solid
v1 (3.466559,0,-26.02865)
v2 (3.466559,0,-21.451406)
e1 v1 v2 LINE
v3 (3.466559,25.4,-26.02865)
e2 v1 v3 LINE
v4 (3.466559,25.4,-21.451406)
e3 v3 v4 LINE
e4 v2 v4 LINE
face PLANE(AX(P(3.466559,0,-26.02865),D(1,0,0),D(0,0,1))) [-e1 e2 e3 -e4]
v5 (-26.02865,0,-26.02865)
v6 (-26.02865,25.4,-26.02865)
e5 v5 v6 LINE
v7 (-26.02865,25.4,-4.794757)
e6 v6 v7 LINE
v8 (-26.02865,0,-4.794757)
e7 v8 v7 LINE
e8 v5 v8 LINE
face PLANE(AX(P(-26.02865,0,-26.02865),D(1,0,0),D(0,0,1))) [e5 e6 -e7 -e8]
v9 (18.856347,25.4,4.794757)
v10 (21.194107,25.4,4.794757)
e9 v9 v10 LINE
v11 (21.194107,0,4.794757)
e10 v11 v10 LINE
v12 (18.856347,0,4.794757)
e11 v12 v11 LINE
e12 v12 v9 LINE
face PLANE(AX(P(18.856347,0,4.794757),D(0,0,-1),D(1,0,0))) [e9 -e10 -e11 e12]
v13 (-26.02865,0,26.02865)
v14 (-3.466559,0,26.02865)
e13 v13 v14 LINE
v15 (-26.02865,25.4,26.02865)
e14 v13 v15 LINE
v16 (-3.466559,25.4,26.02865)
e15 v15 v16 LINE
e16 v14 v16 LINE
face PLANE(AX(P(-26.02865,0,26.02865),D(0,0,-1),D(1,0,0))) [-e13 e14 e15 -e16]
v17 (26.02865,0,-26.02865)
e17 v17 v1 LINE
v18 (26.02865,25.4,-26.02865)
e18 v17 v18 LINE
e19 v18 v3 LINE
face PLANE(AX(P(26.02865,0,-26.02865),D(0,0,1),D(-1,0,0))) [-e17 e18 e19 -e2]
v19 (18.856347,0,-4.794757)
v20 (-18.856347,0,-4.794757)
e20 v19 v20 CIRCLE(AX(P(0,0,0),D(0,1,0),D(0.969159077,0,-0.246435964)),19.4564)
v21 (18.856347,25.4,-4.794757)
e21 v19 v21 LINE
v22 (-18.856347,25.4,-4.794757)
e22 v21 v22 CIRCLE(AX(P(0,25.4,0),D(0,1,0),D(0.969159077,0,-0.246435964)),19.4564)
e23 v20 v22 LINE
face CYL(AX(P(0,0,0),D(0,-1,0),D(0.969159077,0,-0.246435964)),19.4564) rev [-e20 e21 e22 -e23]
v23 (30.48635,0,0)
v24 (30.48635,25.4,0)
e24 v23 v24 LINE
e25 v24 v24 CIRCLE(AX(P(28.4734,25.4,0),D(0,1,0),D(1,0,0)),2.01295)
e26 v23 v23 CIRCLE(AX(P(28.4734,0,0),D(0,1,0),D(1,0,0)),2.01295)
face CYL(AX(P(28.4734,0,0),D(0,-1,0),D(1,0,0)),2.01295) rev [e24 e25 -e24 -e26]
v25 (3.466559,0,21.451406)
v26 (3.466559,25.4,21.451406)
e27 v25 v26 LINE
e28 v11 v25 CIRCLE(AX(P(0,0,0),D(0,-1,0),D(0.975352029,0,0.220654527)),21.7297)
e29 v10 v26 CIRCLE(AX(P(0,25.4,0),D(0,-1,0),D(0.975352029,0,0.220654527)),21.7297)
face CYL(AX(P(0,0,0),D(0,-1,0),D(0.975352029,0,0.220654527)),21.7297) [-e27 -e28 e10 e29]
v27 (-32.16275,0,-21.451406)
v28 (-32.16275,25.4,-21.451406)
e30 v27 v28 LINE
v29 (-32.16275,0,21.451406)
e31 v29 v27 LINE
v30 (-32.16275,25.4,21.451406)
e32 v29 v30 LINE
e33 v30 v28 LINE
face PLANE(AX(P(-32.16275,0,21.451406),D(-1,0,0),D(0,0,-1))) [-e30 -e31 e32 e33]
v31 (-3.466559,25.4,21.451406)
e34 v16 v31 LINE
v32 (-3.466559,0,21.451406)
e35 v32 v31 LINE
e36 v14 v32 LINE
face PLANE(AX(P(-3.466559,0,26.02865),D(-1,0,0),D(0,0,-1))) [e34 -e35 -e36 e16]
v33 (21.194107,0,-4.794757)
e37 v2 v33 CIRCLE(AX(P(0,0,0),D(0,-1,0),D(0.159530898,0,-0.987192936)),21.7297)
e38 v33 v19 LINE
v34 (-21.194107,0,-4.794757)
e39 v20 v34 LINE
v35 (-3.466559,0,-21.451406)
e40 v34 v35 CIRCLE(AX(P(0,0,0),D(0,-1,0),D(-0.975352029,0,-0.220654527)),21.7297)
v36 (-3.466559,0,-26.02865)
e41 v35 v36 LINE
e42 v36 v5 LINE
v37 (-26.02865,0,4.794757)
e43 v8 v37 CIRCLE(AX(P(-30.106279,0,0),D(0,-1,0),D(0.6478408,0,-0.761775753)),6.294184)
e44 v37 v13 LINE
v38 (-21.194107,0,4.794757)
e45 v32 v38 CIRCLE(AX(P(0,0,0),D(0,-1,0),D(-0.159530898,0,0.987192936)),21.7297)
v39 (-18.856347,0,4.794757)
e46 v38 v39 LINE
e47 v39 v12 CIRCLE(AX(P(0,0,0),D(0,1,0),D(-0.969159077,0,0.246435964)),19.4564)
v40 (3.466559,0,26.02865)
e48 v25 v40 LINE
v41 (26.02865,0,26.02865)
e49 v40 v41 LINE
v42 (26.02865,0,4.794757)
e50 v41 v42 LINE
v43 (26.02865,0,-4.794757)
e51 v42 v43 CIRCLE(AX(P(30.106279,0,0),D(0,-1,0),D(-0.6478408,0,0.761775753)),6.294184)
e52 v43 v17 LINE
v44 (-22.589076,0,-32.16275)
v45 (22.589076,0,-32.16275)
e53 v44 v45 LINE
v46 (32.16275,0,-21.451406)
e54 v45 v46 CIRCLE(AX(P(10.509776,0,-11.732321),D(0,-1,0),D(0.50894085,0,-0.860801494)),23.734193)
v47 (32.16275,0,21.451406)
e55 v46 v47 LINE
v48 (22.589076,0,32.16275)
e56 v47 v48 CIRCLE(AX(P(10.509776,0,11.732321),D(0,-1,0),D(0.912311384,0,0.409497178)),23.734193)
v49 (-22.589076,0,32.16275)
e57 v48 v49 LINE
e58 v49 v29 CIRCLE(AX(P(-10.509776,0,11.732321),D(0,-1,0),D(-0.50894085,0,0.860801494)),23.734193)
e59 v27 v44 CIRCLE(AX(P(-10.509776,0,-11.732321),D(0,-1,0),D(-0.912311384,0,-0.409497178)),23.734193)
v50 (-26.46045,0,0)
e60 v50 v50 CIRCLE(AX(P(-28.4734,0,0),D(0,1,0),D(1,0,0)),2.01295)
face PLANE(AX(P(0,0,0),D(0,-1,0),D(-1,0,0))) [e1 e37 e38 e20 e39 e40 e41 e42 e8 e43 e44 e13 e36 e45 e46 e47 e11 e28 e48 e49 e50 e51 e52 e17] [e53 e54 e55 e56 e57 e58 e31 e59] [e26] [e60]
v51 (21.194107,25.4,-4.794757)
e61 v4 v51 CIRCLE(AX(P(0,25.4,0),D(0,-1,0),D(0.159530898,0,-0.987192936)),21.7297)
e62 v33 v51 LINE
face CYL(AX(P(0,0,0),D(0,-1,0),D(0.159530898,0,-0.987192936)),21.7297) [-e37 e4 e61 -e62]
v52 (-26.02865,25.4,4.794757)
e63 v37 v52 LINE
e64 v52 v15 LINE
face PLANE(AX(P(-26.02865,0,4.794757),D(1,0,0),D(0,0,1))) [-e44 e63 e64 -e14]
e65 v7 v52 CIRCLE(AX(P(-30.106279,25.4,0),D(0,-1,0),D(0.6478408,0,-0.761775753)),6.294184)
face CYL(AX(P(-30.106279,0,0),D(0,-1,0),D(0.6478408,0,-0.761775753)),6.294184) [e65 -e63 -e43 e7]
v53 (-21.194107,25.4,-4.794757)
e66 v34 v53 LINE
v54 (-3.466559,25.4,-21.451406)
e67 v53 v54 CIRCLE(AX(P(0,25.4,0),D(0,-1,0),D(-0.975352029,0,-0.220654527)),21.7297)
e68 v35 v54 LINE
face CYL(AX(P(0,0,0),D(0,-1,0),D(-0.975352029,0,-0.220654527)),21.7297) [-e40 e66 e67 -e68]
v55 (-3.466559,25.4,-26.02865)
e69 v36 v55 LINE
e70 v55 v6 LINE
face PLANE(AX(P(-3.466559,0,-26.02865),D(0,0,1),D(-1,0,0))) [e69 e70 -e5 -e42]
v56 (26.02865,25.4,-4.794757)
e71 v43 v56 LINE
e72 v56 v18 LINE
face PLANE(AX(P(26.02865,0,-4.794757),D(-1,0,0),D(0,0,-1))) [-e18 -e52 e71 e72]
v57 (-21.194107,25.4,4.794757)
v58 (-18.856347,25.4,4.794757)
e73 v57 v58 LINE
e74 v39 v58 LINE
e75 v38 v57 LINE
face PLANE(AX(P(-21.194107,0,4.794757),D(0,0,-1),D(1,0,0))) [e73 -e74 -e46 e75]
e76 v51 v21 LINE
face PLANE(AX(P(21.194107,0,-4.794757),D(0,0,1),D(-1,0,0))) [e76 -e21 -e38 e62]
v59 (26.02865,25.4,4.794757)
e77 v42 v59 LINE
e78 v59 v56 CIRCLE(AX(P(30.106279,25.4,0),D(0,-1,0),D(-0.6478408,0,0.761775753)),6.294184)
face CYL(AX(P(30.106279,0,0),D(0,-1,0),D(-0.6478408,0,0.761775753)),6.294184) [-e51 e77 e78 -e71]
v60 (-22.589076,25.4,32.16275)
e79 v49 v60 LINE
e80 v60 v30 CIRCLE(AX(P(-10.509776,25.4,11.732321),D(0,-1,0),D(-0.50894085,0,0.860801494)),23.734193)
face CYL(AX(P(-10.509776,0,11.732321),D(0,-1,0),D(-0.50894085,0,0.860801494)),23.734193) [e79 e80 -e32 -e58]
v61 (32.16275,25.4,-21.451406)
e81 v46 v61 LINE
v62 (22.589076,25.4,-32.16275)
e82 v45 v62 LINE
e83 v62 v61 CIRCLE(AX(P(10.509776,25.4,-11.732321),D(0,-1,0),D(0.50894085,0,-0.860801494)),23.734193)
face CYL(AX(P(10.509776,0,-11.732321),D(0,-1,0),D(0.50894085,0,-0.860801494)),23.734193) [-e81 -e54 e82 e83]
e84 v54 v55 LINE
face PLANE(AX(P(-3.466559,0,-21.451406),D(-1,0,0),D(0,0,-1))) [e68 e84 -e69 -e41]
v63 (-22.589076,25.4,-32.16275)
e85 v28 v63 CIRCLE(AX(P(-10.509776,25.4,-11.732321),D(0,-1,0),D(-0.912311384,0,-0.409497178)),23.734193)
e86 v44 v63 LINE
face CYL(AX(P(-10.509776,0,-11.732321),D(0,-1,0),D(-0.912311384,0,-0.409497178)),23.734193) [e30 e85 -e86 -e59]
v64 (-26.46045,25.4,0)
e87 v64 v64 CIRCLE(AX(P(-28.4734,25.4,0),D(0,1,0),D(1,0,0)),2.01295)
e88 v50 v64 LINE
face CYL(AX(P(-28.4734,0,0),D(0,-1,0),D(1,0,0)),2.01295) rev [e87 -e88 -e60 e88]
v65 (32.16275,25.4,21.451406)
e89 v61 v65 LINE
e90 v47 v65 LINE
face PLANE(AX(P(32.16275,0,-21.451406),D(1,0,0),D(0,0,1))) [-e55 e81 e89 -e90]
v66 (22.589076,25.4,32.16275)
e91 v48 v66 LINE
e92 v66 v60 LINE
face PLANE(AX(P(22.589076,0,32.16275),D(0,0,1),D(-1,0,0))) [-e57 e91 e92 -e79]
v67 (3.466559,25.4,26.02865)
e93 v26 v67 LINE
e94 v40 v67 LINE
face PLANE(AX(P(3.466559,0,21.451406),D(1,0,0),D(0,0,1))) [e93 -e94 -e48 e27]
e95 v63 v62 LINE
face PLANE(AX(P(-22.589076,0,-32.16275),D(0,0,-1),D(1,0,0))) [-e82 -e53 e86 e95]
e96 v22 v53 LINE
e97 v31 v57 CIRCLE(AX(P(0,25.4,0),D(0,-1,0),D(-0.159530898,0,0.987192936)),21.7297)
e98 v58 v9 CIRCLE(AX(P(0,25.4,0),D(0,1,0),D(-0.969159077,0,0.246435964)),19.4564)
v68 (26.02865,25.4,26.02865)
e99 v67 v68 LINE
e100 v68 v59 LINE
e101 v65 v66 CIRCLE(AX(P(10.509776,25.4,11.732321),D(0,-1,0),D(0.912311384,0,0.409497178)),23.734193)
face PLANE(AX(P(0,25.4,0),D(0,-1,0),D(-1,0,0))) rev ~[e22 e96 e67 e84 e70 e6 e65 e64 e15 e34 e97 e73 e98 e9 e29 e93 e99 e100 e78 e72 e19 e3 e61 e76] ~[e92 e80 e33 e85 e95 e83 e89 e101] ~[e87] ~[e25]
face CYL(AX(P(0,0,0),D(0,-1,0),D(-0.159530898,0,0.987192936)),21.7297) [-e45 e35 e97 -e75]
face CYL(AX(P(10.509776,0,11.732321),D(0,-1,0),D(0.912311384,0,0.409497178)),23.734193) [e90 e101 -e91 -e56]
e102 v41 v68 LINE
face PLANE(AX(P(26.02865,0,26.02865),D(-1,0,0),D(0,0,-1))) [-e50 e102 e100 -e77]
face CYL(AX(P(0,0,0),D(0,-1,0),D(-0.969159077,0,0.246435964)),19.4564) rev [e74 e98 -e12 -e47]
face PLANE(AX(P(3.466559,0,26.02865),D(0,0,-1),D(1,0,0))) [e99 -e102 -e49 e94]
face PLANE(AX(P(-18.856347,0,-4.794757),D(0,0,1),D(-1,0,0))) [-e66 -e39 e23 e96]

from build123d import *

# Parameters (mm, degrees)
SKETCH1_R           = 2.01295
BOSS_EXTRUDE1_DEPTH = 25.4


with BuildPart() as part:
    # Sketch1 → Boss-Extrude1 (new body)
    with BuildSketch(Plane(origin=(0, 0, 0), x_dir=(1, 0, 0), z_dir=(0, 1, 0))):
        with BuildLine():
            ThreePointArc((32.16275, -21.451406337), (28.205815008, -27.54883493), (22.589075945, -32.16275))
            Line((22.589075945, -32.16275), (-22.589075945, -32.16275))
            ThreePointArc((-22.589075945, -32.16275), (-28.205815008, -27.54883493), (-32.16275, -21.451406337))
            Line((-32.16275, -21.451406337), (-32.16275, 21.451406337))
            ThreePointArc((-32.16275, 21.451406337), (-28.205815008, 27.54883493), (-22.589075945, 32.16275))
            Line((-22.589075945, 32.16275), (22.589075945, 32.16275))
            ThreePointArc((22.589075945, 32.16275), (28.205815008, 27.54883493), (32.16275, 21.451406337))
            Line((32.16275, 21.451406337), (32.16275, -21.451406337))
        make_face()
        with Locations((-28.4734, 0)):
            Circle(SKETCH1_R, mode=Mode.SUBTRACT)
        with Locations((28.4734, 0)):
            Circle(SKETCH1_R, mode=Mode.SUBTRACT)
        with BuildLine():
            Line((3.466558561, -21.451406337), (3.466558561, -26.02865))
            Line((3.466558561, -26.02865), (26.02865, -26.02865))
            Line((26.02865, -26.02865), (26.02865, -4.794756681))
            ThreePointArc((26.02865, -4.794756681), (23.812095234, 0), (26.02865, 4.794756681))
            Line((26.02865, 4.794756681), (26.02865, 26.02865))
            Line((26.02865, 26.02865), (3.466558561, 26.02865))
            Line((3.466558561, 26.02865), (3.466558561, 21.451406337))
            ThreePointArc((3.466558561, 21.451406337), (14.879452296, 15.836090473), (21.194106975, 4.794756681))
            Line((21.194106975, 4.794756681), (18.856346659, 4.794756681))
            ThreePointArc((18.856346659, 4.794756681), (0, 19.4564), (-18.856346659, 4.794756681))
            Line((-18.856346659, 4.794756681), (-21.194106975, 4.794756681))
            ThreePointArc((-21.194106975, 4.794756681), (-14.879452296, 15.836090473), (-3.466558561, 21.451406337))
            Line((-3.466558561, 21.451406337), (-3.466558561, 26.02865))
            Line((-3.466558561, 26.02865), (-26.02865, 26.02865))
            Line((-26.02865, 26.02865), (-26.02865, 4.794756681))
            ThreePointArc((-26.02865, 4.794756681), (-23.812095234, 0), (-26.02865, -4.794756681))
            Line((-26.02865, -4.794756681), (-26.02865, -26.02865))
            Line((-26.02865, -26.02865), (-3.466558561, -26.02865))
            Line((-3.466558561, -26.02865), (-3.466558561, -21.451406337))
            ThreePointArc((-3.466558561, -21.451406337), (-14.879452296, -15.836090473), (-21.194106975, -4.794756681))
            Line((-21.194106975, -4.794756681), (-18.856346659, -4.794756681))
            ThreePointArc((-18.856346659, -4.794756681), (0, -19.4564), (18.856346659, -4.794756681))
            Line((18.856346659, -4.794756681), (21.194106975, -4.794756681))
            ThreePointArc((21.194106975, -4.794756681), (14.879452296, -15.836090473), (3.466558561, -21.451406337))
        make_face(mode=Mode.SUBTRACT)
    extrude(amount=BOSS_EXTRUDE1_DEPTH)


solid = part.part
